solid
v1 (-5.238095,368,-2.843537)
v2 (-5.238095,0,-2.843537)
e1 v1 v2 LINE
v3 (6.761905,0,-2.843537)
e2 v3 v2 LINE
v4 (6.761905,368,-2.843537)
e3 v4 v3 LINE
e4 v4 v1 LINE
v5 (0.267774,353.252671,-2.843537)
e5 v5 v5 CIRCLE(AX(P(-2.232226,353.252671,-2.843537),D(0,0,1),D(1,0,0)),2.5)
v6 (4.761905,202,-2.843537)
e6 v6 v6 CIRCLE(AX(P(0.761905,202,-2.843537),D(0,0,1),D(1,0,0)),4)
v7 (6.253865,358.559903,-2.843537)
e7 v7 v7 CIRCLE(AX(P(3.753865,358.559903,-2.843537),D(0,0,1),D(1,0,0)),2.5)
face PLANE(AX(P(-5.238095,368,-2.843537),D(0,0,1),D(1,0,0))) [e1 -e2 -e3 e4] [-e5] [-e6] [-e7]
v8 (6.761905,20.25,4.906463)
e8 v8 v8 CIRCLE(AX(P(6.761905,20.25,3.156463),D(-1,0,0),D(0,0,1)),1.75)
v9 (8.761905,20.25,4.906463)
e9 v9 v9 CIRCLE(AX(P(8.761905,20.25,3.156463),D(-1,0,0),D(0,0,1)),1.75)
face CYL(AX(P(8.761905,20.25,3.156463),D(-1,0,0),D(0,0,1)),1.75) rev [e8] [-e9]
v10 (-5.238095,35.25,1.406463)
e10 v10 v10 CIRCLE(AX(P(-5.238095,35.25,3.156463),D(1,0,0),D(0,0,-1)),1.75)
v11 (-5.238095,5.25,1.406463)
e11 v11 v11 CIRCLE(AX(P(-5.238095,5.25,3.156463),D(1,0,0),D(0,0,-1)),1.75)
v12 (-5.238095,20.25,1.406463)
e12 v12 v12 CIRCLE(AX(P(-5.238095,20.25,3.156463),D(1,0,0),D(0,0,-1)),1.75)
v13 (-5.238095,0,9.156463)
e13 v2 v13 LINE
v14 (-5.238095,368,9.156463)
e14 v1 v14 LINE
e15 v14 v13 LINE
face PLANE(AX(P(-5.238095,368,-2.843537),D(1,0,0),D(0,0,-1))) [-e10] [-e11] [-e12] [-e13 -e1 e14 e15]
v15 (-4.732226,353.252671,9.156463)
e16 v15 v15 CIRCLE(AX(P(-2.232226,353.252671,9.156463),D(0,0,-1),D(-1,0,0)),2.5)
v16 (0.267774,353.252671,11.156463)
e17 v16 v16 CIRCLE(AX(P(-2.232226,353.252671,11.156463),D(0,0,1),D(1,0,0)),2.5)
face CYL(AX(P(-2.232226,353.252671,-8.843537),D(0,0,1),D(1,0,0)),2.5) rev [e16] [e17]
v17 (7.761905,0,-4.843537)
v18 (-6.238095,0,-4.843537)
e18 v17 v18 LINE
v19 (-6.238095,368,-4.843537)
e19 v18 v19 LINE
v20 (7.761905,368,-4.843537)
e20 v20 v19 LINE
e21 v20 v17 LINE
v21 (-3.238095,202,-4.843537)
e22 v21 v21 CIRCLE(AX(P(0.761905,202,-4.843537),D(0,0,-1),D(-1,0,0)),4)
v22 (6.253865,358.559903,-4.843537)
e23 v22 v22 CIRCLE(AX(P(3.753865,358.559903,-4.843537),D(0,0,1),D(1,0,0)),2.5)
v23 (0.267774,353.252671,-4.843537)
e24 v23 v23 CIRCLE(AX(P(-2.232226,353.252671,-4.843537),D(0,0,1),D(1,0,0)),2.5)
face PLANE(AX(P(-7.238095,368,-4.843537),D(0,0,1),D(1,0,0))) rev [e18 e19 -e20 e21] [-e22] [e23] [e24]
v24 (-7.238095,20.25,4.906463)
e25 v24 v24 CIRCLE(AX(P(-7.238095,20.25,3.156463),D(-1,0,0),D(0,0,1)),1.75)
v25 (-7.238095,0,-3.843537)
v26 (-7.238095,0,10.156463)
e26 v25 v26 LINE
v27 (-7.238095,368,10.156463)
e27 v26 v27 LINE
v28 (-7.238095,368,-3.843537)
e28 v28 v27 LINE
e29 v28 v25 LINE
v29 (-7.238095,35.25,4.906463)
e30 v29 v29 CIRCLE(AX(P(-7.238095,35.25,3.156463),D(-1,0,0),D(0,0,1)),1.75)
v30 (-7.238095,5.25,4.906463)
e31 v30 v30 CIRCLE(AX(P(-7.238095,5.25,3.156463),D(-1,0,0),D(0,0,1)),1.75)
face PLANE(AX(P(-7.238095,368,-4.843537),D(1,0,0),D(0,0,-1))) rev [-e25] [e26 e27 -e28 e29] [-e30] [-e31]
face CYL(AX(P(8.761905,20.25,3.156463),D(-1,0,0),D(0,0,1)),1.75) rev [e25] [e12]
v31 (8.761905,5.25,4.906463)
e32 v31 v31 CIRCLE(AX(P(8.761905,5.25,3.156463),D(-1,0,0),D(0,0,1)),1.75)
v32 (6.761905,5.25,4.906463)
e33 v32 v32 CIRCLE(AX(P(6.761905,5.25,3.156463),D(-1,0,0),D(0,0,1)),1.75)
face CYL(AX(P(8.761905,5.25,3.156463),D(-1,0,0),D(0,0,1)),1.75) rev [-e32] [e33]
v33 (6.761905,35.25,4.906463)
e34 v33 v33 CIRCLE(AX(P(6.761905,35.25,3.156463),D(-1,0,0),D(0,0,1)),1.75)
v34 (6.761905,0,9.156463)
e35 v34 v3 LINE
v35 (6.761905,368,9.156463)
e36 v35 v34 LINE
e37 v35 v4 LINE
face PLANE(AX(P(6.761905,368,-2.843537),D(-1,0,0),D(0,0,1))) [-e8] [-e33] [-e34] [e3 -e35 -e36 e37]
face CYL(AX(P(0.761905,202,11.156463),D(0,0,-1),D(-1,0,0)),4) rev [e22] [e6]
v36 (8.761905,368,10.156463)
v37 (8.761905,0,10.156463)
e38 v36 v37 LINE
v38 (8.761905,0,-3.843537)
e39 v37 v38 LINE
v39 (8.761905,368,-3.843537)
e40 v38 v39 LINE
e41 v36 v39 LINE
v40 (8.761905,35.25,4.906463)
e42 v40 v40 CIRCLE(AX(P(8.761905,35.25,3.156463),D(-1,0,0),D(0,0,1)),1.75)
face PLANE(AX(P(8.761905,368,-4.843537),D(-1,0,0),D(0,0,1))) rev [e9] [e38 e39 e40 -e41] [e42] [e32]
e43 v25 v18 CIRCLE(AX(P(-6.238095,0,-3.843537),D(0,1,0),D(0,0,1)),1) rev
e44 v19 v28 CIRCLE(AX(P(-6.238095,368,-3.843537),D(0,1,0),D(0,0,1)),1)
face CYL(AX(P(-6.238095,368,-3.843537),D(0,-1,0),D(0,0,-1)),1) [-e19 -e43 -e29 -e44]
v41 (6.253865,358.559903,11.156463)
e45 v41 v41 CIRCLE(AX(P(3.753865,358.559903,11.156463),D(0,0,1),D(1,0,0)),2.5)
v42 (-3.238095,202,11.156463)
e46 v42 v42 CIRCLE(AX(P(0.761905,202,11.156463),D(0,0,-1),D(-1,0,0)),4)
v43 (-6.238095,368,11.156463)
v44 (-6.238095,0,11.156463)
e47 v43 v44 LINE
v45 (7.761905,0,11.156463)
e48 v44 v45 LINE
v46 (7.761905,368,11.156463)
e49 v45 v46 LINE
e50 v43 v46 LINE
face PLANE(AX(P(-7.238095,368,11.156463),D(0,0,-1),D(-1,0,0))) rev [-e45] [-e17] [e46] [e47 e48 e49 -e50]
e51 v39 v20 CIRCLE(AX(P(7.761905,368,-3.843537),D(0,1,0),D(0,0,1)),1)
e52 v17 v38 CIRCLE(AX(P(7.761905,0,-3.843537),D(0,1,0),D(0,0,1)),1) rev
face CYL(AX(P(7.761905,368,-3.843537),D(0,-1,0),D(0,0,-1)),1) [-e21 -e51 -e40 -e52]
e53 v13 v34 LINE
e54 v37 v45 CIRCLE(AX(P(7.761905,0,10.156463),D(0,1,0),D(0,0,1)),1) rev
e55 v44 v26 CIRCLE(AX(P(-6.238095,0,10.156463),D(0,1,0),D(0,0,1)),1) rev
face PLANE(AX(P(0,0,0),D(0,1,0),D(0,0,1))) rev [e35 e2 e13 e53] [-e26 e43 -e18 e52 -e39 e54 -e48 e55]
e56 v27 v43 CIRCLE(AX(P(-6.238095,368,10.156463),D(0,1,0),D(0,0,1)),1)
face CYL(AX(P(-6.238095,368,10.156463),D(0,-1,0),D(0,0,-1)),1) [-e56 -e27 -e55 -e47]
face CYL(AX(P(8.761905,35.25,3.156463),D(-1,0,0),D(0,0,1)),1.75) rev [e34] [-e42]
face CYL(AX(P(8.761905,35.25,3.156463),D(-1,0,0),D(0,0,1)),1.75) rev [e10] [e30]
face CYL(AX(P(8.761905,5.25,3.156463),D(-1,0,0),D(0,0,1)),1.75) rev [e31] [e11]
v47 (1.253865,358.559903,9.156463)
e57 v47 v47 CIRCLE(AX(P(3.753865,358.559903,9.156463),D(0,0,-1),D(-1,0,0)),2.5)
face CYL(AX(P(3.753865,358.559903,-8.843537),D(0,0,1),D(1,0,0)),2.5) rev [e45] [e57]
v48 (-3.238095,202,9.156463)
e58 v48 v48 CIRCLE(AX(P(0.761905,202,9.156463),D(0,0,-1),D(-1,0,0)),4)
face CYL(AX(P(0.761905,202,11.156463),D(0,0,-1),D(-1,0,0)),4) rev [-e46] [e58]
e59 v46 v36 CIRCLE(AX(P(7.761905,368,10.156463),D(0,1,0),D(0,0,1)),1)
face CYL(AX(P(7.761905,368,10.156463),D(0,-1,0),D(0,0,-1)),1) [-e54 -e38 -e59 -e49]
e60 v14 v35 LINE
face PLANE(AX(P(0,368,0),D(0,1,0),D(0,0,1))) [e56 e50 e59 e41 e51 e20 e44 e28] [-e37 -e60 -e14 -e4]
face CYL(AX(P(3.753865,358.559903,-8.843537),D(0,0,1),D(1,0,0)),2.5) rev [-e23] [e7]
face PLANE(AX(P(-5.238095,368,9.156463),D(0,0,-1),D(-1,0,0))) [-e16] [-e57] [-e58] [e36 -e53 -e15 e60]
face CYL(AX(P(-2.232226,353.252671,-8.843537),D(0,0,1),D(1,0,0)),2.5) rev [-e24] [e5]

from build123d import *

# Parameters (mm, degrees)
SKETCH1_W           = 16
SKETCH1_H           = 16
SKETCH1_W_2         = 12
SKETCH1_H_2         = 12
BOSS_EXTRUDE1_DEPTH = 368
FILLET1_R           = 1
SKETCH2_R           = 1.75
CUT_EXTRUDE1_DEPTH  = 16
SKETCH3_R           = 4
CUT_EXTRUDE2_DEPTH  = 16
SKETCH4_R           = 2.5
CUT_EXTRUDE3_DEPTH  = 20


with BuildPart() as part:
    # Sketch1 → Boss-Extrude1 (new body)
    with BuildSketch(Plane(origin=(0, 0, 0), x_dir=(1, 0, 0), z_dir=(0, 1, 0))):
        with Locations((0.761904762, -3.156462585)):
            Rectangle(SKETCH1_W, SKETCH1_H)
        with Locations((0.761904762, -3.156462585)):
            Rectangle(SKETCH1_W_2, SKETCH1_H_2, mode=Mode.SUBTRACT)
    extrude(amount=BOSS_EXTRUDE1_DEPTH)

    # Fillet1
    fillet1_edges = [part.edges().sort_by_distance(p)[0] for p in [
        (-7.238095238, 184, -4.843537415),
        (8.761904762, 184, -4.843537415),
        (8.761904762, 184, 11.156462585),
        (-7.238095238, 184, 11.156462585),
    ]]
    fillet(fillet1_edges, radius=FILLET1_R)

    # Sketch2 → Cut-Extrude1 (cut)
    with BuildSketch(Plane.ZY.offset(7.238095238)):
        with Locations((3.156462585, 5.25)):
            Circle(SKETCH2_R)
        with Locations((3.156462585, 20.25)):
            Circle(SKETCH2_R)
        with Locations((3.156462585, 35.25)):
            Circle(SKETCH2_R)
    extrude(amount=-CUT_EXTRUDE1_DEPTH, mode=Mode.SUBTRACT)

    # Sketch3 → Cut-Extrude2 (cut)
    with BuildSketch(Plane(origin=(0, 0, -4.843537415), x_dir=(-1, 0, 0), z_dir=(0, 0, -1))):
        with Locations((-0.761904762, 202)):
            Circle(SKETCH3_R)
    extrude(amount=-CUT_EXTRUDE2_DEPTH, mode=Mode.SUBTRACT)

    # Sketch4 → Cut-Extrude3 (cut)
    with BuildSketch(Plane.XY.offset(11.156462585)):
        with Locations((-2.232226364, 353.25267067)):
            Circle(SKETCH4_R)
        with Locations((3.753864965, 358.559902585)):
            Circle(SKETCH4_R)
    extrude(amount=-CUT_EXTRUDE3_DEPTH, mode=Mode.SUBTRACT)


solid = part.part
